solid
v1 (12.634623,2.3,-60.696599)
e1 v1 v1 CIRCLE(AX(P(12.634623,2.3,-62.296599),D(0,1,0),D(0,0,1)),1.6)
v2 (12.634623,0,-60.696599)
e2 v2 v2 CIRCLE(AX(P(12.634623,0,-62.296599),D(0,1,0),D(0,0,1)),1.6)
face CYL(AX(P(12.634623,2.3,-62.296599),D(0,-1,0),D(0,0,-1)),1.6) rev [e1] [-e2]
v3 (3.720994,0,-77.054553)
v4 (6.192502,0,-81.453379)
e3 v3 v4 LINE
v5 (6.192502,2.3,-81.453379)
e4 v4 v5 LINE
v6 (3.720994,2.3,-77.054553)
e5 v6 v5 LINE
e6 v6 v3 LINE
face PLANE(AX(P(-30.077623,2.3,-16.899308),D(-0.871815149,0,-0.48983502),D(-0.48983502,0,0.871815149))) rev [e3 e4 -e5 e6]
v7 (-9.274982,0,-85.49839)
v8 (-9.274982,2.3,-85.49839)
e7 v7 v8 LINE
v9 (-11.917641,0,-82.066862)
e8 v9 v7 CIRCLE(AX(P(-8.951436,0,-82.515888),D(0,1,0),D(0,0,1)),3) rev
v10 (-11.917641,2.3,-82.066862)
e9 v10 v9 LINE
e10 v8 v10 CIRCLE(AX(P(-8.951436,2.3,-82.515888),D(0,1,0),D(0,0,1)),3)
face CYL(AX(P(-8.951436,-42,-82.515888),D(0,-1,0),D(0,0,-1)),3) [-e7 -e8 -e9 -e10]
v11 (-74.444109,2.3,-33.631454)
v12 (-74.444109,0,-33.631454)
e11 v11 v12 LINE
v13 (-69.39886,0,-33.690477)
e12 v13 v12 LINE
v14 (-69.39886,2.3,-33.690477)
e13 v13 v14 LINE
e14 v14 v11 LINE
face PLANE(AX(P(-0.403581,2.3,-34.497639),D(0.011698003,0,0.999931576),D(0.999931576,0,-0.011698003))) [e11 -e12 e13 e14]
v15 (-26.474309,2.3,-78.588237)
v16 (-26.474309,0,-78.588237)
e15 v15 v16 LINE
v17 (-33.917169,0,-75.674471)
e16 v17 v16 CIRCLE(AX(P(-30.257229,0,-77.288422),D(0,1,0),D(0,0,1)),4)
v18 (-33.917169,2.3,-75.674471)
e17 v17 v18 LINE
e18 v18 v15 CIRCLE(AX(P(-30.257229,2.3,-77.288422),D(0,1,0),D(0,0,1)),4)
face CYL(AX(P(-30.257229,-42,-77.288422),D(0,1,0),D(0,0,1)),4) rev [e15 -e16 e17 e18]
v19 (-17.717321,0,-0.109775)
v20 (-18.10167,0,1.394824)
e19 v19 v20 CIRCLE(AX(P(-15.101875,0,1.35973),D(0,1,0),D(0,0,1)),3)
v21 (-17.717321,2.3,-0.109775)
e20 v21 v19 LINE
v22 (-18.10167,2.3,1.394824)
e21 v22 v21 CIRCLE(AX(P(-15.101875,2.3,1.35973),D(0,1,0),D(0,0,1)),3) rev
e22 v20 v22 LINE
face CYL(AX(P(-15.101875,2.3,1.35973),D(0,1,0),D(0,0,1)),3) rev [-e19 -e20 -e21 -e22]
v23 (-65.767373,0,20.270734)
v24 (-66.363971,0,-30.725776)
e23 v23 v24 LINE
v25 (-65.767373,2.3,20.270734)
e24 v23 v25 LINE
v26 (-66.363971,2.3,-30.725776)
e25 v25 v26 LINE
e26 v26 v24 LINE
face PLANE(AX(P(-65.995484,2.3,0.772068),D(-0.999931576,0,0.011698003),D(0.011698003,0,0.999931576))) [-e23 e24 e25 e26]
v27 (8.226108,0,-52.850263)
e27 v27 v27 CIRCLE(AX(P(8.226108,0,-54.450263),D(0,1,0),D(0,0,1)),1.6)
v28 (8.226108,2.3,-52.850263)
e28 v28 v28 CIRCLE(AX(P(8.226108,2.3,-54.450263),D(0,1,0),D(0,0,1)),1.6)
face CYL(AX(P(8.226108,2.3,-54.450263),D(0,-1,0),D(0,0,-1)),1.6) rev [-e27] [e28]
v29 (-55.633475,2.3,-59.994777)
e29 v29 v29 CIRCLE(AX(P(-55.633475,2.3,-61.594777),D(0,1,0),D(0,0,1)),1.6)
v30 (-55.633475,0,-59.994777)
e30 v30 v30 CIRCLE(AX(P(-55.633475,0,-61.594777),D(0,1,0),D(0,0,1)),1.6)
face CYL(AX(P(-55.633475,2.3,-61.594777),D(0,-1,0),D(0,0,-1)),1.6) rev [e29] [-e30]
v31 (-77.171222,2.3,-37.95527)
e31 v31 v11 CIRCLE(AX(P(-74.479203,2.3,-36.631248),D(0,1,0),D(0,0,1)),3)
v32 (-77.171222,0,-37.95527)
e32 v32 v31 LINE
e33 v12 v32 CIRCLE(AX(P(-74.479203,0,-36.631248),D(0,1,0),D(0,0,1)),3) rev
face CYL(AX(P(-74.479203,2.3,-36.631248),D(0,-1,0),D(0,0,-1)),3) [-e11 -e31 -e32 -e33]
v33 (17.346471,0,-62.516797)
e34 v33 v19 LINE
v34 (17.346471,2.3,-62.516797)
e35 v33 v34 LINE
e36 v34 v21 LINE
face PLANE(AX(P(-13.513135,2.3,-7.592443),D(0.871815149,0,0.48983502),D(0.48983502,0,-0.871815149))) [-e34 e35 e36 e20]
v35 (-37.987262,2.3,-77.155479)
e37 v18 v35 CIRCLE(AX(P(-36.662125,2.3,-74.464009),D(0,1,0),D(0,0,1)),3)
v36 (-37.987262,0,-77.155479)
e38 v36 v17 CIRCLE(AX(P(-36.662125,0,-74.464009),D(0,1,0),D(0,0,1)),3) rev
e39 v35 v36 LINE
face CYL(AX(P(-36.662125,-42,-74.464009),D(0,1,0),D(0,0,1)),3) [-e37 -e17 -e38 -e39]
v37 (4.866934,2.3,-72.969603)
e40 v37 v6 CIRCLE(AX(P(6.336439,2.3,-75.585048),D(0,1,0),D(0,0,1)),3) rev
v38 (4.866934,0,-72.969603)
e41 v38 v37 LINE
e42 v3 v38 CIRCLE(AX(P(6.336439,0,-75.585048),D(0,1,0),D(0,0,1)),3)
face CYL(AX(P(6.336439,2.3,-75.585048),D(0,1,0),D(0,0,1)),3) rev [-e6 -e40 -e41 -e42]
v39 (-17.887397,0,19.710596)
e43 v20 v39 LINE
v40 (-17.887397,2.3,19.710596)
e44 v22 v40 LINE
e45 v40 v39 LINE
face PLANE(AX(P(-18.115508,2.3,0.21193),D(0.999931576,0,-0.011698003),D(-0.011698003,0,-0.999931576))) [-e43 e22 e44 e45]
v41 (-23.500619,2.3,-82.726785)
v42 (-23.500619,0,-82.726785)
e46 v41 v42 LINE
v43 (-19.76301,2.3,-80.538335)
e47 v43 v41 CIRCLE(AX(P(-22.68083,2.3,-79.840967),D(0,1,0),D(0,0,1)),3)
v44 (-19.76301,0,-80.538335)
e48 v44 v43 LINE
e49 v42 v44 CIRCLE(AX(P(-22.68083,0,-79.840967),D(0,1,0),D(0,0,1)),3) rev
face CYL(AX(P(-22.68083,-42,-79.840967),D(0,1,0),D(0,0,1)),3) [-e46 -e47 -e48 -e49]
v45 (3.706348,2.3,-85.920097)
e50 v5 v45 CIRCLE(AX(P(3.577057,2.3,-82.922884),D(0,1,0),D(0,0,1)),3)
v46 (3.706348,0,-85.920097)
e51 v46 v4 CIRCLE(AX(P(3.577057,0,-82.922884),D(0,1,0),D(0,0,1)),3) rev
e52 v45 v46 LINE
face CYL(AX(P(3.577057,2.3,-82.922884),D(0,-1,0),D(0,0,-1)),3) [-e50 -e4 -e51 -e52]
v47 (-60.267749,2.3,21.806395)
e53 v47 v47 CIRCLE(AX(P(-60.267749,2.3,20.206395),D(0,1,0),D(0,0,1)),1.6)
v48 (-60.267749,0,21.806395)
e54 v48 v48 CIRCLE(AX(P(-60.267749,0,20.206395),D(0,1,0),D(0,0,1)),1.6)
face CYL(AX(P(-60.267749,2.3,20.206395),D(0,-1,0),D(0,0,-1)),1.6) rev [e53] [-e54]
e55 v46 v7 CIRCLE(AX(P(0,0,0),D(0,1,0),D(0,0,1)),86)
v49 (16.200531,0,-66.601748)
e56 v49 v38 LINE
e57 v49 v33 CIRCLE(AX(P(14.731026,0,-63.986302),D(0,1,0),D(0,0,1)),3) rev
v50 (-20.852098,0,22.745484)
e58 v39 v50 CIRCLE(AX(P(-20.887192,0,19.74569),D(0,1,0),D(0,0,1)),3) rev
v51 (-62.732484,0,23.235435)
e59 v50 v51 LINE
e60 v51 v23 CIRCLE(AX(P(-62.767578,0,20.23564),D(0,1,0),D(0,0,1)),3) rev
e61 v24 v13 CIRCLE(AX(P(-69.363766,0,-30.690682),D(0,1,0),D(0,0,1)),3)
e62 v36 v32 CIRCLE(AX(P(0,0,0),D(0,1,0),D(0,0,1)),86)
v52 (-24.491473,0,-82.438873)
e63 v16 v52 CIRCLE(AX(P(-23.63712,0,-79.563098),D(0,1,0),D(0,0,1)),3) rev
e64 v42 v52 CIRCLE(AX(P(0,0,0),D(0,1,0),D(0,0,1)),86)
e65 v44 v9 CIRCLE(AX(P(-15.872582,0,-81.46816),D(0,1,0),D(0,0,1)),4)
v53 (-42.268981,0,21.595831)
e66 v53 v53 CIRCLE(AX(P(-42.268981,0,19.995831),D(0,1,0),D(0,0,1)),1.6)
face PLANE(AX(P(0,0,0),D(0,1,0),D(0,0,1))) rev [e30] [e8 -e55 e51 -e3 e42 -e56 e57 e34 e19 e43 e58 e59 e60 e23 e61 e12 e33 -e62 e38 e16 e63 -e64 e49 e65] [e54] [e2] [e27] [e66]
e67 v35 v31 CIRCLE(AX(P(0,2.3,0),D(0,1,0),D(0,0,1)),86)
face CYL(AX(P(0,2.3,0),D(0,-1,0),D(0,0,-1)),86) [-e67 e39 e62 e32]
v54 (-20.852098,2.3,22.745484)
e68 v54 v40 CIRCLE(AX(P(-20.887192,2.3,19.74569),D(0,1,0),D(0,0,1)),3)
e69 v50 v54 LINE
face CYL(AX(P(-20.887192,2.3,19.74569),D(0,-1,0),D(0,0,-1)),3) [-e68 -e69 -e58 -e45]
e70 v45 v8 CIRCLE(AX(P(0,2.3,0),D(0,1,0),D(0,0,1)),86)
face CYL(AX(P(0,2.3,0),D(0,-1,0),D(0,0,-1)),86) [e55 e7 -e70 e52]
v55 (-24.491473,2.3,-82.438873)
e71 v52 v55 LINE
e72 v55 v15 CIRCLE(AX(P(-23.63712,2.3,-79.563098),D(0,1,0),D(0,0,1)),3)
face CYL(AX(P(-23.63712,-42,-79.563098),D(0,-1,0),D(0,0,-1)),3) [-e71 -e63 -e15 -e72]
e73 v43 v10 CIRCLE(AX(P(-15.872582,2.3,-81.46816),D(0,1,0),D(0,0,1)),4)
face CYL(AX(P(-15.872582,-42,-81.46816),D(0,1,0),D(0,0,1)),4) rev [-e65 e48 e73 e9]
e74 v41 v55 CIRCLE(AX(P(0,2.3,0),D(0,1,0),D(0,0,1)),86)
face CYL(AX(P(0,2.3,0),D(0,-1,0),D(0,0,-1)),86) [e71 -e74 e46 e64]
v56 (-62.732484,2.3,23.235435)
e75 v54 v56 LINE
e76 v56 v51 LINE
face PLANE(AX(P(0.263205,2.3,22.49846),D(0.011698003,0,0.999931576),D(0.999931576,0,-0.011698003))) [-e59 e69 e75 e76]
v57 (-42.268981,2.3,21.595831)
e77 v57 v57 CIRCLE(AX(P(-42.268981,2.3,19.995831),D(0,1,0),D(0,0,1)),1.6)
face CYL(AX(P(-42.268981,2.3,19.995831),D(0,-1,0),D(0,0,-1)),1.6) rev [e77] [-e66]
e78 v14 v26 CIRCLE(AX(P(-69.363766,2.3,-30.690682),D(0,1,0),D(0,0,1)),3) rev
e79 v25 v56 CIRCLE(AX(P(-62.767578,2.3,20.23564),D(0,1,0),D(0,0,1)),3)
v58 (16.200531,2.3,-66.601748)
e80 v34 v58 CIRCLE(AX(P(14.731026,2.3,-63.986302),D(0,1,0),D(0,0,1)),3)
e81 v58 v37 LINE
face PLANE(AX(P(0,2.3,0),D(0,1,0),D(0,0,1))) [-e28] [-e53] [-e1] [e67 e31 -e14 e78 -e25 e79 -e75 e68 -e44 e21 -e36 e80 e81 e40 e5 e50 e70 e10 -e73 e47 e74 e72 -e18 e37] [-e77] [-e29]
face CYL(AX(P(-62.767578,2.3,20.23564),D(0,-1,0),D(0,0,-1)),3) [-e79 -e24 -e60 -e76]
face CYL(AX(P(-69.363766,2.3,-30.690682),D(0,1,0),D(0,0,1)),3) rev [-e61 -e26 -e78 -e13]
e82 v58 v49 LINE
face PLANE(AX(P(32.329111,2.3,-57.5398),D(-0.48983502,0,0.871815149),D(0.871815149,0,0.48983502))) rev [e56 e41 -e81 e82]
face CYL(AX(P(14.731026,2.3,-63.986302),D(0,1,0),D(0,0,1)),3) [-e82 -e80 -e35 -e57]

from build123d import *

# Parameters (mm, degrees)
SKETCH1_R           = 1.6
BOSS_EXTRUDE1_DEPTH = 2.3
FILLET1_R           = 3
SKETCH3_R           = 4
CUT_EXTRUDE1_DEPTH  = 44.3
FILLET2_R           = 3


with BuildPart() as part:
    # Sketch1 → Boss-Extrude1 (new body)
    with BuildSketch(Plane(origin=(0, 0, 0), x_dir=(1, 0, 0), z_dir=(0, 1, 0))):
        with BuildLine():
            Line((18.815976516, 65.132242613), (2.251488694, 74.439107992))
            Line((2.251488694, 74.439107992), (8.509906392, 85.577926437))
            ThreePointArc((8.509906392, 85.577926437), (-43.86830382, 73.970074489), (-79.174773721, 33.576110647))
            Line((-79.174773721, 33.576110647), (-66.399065131, 33.725571155))
            Line((-66.399065131, 33.725571155), (-65.732278943, -23.270528678))
            Line((-65.732278943, -23.270528678), (-17.85230327, -22.710390238))
            Line((-17.85230327, -22.710390238), (-18.111073304, -0.591031778))
            Line((-18.111073304, -0.591031778), (18.815976516, 65.132242613))
        make_face()
        with Locations(Location((12.634623312, 62.296599376, 0), (0, 0, 270))):
            Circle(SKETCH1_R, mode=Mode.SUBTRACT)
        with Locations(Location((8.226108132, 54.450263039, 0), (0, 0, 270))):
            Circle(SKETCH1_R, mode=Mode.SUBTRACT)
        with Locations(Location((-42.268980916, -19.995830873, 0), (0, 0, 270))):
            Circle(SKETCH1_R, mode=Mode.SUBTRACT)
        with Locations(Location((-60.267749285, -20.206394932, 0), (0, 0, 270))):
            Circle(SKETCH1_R, mode=Mode.SUBTRACT)
        with Locations(Location((-55.633474662, 61.59477654, 0), (0, 0, 270))):
            Circle(SKETCH1_R, mode=Mode.SUBTRACT)
    extrude(amount=BOSS_EXTRUDE1_DEPTH)

    # Fillet1
    fillet1_edges = [part.edges().sort_by_distance(p)[0] for p in [
        (8.509906392, 1.15, -85.577926437),
        (2.251488694, 1.15, -74.439107992),
        (18.815976516, 1.15, -65.132242613),
        (-18.111073304, 1.15, 0.591031778),
        (-17.85230327, 1.15, 22.710390238),
        (-65.732278943, 1.15, 23.270528678),
        (-66.399065131, 1.15, -33.725571155),
        (-79.174773721, 1.15, -33.576110647),
    ]]
    fillet(fillet1_edges, radius=FILLET1_R)

    # Sketch3 → Cut-Extrude1 (cut)
    with BuildSketch(Plane(origin=(0, 2.3, 0), x_dir=(1, 0, 0), z_dir=(0, 1, 0))):
        with Locations((-30.257228913, 77.288421504)):
            Circle(SKETCH3_R)
        with Locations((-15.872582201, 81.468160248)):
            Circle(SKETCH3_R)
    extrude(amount=-CUT_EXTRUDE1_DEPTH, mode=Mode.SUBTRACT)

    # Fillet2
    fillet2_edges = [part.edges().sort_by_distance(p)[0] for p in [
        (-28.827983469, 1.15, -81.024362812),
        (-33.842999164, 1.15, -79.06106126),
        (-13.795112573, 1.15, -84.886364447),
        (-19.081339078, 1.15, -83.856439818),
    ]]
    fillet(fillet2_edges, radius=FILLET2_R)


solid = part.part
